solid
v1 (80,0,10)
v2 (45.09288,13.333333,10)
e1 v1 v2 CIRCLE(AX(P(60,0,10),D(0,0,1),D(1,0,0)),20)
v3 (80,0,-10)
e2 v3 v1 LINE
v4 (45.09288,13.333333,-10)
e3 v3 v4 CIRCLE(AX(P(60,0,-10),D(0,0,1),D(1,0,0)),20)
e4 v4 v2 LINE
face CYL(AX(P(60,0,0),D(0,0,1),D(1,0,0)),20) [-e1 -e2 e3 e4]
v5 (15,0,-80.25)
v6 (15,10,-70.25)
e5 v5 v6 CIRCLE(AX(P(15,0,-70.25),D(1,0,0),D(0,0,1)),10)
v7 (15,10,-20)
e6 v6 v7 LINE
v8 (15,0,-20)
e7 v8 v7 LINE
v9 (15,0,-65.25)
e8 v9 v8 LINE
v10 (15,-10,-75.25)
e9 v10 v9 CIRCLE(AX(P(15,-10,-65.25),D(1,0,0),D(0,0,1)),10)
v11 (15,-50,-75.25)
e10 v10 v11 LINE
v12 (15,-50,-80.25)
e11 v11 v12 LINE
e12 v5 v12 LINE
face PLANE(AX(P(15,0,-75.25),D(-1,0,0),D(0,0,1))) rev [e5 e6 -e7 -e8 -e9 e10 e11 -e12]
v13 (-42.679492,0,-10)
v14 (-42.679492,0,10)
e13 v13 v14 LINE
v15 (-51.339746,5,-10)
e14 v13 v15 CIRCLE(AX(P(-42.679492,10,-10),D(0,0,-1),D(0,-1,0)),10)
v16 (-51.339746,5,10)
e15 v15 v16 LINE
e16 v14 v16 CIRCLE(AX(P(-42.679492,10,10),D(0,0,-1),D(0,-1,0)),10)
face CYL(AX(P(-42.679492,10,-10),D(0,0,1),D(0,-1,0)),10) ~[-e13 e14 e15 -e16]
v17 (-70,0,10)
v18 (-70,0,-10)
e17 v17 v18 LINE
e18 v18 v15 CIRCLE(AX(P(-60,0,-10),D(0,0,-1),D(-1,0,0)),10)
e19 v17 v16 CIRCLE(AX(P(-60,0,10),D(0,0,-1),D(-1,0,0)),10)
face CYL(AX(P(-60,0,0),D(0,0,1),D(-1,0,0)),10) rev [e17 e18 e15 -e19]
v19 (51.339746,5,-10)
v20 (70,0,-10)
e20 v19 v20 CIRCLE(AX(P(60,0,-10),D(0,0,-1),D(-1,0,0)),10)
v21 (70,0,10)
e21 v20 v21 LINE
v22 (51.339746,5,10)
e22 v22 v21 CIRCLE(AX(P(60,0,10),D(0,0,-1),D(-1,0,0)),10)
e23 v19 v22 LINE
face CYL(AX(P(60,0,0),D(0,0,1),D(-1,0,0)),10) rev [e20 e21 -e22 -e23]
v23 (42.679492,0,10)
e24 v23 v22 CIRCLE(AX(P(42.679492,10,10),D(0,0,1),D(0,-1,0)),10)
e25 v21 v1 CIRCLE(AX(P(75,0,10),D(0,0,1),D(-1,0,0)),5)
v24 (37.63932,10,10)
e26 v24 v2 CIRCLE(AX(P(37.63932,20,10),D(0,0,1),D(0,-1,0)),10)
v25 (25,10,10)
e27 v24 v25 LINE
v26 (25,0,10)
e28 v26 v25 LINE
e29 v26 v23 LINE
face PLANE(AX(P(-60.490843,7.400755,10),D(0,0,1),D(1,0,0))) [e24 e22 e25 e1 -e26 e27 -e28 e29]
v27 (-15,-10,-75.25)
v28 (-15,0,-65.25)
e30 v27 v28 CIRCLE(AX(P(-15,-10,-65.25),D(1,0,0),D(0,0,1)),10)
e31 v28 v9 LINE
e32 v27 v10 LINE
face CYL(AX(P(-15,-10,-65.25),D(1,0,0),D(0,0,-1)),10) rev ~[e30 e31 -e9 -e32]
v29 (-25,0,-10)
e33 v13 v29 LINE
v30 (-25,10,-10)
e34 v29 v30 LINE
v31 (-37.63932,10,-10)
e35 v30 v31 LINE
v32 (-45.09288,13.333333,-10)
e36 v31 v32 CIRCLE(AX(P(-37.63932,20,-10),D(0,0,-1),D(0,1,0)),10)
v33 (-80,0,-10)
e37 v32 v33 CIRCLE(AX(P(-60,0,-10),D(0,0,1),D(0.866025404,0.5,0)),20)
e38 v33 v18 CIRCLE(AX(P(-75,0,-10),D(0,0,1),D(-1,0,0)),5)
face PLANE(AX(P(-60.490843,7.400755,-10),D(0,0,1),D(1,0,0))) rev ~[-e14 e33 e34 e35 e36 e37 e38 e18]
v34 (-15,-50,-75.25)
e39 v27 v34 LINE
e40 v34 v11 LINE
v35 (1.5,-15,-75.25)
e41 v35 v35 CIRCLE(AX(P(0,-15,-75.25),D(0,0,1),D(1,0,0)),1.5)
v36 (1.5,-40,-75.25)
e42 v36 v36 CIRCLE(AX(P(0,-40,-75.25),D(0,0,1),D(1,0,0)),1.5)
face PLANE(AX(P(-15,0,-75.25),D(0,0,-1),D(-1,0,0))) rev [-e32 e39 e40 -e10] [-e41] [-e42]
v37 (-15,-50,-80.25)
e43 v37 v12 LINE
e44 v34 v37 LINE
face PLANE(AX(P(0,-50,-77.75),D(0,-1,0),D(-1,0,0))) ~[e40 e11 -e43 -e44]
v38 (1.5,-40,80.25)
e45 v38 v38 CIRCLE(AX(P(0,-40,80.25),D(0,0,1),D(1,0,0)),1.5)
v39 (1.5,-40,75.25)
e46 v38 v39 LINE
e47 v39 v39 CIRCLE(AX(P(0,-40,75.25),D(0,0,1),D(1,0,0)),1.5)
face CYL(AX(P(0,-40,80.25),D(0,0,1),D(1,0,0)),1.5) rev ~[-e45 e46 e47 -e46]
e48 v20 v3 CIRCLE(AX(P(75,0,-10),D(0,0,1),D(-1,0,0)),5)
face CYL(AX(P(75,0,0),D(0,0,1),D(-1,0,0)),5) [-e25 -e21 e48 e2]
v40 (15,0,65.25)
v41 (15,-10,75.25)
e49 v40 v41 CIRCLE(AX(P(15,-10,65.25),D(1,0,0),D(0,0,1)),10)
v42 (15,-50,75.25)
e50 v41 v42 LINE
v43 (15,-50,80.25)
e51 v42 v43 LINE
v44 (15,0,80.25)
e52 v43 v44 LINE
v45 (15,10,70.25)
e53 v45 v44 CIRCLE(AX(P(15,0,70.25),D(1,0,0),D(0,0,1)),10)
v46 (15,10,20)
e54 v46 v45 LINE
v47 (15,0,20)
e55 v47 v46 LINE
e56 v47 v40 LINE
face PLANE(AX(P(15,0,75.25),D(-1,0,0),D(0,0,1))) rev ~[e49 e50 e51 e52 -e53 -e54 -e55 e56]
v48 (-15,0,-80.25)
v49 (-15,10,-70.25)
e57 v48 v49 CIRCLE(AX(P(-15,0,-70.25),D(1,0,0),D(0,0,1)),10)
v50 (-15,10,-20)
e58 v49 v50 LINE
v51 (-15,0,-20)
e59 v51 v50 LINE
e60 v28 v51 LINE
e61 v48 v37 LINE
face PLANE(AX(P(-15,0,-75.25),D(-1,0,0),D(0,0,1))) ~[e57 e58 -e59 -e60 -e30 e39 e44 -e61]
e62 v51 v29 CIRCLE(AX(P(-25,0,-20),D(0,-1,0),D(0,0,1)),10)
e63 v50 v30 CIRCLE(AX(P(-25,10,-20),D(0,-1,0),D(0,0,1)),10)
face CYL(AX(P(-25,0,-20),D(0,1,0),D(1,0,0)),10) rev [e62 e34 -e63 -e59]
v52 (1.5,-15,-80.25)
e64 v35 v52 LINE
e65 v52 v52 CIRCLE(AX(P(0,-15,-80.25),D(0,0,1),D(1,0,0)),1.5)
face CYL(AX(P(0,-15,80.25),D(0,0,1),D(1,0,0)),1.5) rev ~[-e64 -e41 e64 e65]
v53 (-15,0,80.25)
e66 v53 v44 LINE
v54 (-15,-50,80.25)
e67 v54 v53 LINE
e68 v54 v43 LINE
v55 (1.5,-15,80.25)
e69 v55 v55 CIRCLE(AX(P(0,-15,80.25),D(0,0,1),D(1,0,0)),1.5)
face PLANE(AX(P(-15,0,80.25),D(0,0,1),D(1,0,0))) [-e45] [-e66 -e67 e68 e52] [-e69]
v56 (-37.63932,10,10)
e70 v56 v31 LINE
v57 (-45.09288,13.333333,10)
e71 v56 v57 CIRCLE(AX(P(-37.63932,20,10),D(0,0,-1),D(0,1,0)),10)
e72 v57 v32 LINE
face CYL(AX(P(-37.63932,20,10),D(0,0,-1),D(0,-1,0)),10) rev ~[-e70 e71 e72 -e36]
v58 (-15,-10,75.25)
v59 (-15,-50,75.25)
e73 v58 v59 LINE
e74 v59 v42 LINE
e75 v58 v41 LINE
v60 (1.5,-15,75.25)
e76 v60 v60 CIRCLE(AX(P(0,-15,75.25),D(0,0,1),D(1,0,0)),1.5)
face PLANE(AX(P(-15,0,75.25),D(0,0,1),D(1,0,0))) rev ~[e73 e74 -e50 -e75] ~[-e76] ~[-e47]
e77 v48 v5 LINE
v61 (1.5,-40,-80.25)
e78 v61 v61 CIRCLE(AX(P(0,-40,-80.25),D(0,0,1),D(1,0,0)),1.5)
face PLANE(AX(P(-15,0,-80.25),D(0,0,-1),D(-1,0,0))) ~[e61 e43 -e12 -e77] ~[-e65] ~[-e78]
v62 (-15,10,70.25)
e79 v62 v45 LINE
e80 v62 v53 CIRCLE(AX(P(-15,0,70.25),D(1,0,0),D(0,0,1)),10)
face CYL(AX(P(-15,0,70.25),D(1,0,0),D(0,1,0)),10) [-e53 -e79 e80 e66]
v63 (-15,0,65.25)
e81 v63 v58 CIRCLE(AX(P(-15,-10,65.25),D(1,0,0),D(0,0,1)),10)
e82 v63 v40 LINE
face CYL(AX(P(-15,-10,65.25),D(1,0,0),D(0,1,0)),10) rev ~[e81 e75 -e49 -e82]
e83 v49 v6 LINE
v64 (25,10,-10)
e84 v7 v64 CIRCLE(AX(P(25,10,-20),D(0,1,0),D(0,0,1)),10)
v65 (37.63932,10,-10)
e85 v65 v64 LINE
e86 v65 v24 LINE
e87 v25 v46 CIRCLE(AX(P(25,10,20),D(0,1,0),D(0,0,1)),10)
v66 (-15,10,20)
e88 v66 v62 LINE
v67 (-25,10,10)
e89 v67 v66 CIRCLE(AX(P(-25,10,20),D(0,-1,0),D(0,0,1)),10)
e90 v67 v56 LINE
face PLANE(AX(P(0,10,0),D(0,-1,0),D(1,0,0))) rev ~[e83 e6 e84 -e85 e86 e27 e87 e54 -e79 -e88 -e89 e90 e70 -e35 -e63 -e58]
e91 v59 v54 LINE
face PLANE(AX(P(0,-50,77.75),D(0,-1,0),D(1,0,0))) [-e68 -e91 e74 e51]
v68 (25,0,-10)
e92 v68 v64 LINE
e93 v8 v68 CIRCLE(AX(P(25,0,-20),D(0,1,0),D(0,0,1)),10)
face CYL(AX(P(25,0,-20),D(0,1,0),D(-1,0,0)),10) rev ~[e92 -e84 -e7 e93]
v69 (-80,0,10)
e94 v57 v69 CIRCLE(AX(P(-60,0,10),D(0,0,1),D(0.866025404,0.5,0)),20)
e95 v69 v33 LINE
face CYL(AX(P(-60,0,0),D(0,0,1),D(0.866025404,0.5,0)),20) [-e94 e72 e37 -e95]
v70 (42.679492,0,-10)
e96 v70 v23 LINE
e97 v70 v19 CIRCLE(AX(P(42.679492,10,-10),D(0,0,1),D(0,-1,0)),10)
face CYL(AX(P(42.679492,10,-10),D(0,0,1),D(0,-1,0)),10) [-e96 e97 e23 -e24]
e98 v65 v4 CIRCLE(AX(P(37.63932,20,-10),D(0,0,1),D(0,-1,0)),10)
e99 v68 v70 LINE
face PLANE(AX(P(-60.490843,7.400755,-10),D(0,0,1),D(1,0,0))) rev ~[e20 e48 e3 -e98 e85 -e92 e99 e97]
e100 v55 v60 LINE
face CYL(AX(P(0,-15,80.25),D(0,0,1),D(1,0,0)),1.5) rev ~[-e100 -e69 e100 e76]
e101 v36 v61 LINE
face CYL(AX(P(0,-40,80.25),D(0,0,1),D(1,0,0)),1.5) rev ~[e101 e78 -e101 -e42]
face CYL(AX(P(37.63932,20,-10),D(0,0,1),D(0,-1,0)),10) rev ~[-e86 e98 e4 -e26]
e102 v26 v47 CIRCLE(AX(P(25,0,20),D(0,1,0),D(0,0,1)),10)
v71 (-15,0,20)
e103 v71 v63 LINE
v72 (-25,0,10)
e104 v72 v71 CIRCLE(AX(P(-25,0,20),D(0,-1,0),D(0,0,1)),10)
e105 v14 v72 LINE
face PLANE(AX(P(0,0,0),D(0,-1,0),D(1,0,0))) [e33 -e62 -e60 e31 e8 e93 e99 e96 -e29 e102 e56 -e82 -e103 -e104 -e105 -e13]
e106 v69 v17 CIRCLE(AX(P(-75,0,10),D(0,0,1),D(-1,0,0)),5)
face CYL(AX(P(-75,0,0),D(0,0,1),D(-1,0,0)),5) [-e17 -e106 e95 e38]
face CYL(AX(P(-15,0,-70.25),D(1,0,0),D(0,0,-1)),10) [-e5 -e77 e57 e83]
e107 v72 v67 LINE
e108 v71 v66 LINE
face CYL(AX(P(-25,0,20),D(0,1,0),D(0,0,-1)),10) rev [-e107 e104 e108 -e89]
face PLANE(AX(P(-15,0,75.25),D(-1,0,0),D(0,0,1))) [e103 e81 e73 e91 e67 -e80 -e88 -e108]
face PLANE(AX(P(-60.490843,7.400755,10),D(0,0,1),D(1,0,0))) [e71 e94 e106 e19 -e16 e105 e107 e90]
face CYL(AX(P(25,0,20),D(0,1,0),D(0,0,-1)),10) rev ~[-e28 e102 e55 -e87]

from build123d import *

# Parameters (mm, degrees)
BOSS_EXTRUDE1_DEPTH     = 10
SKETCH2_W               = 30
SKETCH2_H               = 160.5
BOSS_EXTRUDE2_DEPTH     = 10
SKETCH3_W               = 30
SKETCH3_H               = 5
BOSS_EXTRUDE3_DEPTH     = 50
SKETCH4_R               = 1.5
CUT_EXTRUDE1_DEPTH      = 1
CUT_EXTRUDE1_DEPTH_BACK = 161.5
FILLET1_R               = 10
FILLET2_R               = 10
FILLET3_R               = 10


with BuildPart() as part:
    # Sketch1 → Boss-Extrude1 (new body, symmetric)
    with BuildSketch(Plane.XY):
        with BuildLine():
            ThreePointArc((-70, 0), (-60, 10), (-50, 0))
            Line((-50, 0), (-40, 0))
            ThreePointArc((-40, 0), (-40.681483474, 5.176380902), (-42.679491924, 10))
            ThreePointArc((-42.679491924, 10), (-65.176380902, 19.318516526), (-80, 0))
            ThreePointArc((-80, 0), (-75, -5), (-70, 0))
        make_face()
        with BuildLine():
            ThreePointArc((-42.679491924, 10), (-40.681483474, 5.176380902), (-40, 0))
            Line((-40, 0), (40, 0))
            ThreePointArc((40, 0), (40.681483474, 5.176380902), (42.679491924, 10))
            Line((42.679491924, 10), (-42.679491924, 10))
        make_face()
        with BuildLine():
            ThreePointArc((42.679491924, 10), (40.681483474, 5.176380902), (40, 0))
            Line((40, 0), (50, 0))
            ThreePointArc((50, 0), (60, 10), (70, 0))
            ThreePointArc((70, 0), (75, -5), (80, 0))
            ThreePointArc((80, 0), (65.176380902, 19.318516526), (42.679491924, 10))
        make_face()
    extrude(amount=BOSS_EXTRUDE1_DEPTH, both=True)

    # Sketch2 → Boss-Extrude2 (add)
    with BuildSketch(Plane.XZ):
        Rectangle(SKETCH2_W, SKETCH2_H)
    extrude(amount=-BOSS_EXTRUDE2_DEPTH)

    # Sketch3 → Boss-Extrude3 (add)
    with BuildSketch(Plane.XZ):
        with Locations((0, 77.75)):
            Rectangle(SKETCH3_W, SKETCH3_H)
    boss_extrude3 = extrude(amount=BOSS_EXTRUDE3_DEPTH)

    # Mirror1: Boss-Extrude3 across plane
    add(boss_extrude3.mirror(Plane.XY))

    # Sketch4 → Cut-Extrude1 (cut, two sides)
    with BuildSketch(Plane.XY.offset(80.25)) as cut_extrude1_sk:
        with Locations((0, -40)):
            Circle(SKETCH4_R)
        with Locations((0, -15)):
            Circle(SKETCH4_R)
    extrude(amount=CUT_EXTRUDE1_DEPTH, mode=Mode.SUBTRACT)
    extrude(cut_extrude1_sk.sketch, amount=-CUT_EXTRUDE1_DEPTH_BACK, mode=Mode.SUBTRACT)

    # Fillet1
    fillet1_edges = [part.edges().sort_by_distance(p)[0] for p in [
        (0, 10, -80.25),
        (0, 10, 80.25),
        (0, 0, 75.25),
        (0, 0, -75.25),
    ]]
    fillet(fillet1_edges, radius=FILLET1_R)

    # Fillet2
    fillet2_edges = [part.edges().sort_by_distance(p)[0] for p in [
        (-15, 5, -10),
        (15, 5, -10),
        (15, 5, 10),
        (-15, 5, 10),
    ]]
    fillet(fillet2_edges, radius=FILLET2_R)

    # Fillet3
    fillet3_edges = [part.edges().sort_by_distance(p)[0] for p in [
        (-42.679491924, 10, 0),
        (42.679491924, 10, 0),
        (50, 0, 0),
        (-50, 0, 0),
    ]]
    fillet(fillet3_edges, radius=FILLET3_R)


solid = part.part
